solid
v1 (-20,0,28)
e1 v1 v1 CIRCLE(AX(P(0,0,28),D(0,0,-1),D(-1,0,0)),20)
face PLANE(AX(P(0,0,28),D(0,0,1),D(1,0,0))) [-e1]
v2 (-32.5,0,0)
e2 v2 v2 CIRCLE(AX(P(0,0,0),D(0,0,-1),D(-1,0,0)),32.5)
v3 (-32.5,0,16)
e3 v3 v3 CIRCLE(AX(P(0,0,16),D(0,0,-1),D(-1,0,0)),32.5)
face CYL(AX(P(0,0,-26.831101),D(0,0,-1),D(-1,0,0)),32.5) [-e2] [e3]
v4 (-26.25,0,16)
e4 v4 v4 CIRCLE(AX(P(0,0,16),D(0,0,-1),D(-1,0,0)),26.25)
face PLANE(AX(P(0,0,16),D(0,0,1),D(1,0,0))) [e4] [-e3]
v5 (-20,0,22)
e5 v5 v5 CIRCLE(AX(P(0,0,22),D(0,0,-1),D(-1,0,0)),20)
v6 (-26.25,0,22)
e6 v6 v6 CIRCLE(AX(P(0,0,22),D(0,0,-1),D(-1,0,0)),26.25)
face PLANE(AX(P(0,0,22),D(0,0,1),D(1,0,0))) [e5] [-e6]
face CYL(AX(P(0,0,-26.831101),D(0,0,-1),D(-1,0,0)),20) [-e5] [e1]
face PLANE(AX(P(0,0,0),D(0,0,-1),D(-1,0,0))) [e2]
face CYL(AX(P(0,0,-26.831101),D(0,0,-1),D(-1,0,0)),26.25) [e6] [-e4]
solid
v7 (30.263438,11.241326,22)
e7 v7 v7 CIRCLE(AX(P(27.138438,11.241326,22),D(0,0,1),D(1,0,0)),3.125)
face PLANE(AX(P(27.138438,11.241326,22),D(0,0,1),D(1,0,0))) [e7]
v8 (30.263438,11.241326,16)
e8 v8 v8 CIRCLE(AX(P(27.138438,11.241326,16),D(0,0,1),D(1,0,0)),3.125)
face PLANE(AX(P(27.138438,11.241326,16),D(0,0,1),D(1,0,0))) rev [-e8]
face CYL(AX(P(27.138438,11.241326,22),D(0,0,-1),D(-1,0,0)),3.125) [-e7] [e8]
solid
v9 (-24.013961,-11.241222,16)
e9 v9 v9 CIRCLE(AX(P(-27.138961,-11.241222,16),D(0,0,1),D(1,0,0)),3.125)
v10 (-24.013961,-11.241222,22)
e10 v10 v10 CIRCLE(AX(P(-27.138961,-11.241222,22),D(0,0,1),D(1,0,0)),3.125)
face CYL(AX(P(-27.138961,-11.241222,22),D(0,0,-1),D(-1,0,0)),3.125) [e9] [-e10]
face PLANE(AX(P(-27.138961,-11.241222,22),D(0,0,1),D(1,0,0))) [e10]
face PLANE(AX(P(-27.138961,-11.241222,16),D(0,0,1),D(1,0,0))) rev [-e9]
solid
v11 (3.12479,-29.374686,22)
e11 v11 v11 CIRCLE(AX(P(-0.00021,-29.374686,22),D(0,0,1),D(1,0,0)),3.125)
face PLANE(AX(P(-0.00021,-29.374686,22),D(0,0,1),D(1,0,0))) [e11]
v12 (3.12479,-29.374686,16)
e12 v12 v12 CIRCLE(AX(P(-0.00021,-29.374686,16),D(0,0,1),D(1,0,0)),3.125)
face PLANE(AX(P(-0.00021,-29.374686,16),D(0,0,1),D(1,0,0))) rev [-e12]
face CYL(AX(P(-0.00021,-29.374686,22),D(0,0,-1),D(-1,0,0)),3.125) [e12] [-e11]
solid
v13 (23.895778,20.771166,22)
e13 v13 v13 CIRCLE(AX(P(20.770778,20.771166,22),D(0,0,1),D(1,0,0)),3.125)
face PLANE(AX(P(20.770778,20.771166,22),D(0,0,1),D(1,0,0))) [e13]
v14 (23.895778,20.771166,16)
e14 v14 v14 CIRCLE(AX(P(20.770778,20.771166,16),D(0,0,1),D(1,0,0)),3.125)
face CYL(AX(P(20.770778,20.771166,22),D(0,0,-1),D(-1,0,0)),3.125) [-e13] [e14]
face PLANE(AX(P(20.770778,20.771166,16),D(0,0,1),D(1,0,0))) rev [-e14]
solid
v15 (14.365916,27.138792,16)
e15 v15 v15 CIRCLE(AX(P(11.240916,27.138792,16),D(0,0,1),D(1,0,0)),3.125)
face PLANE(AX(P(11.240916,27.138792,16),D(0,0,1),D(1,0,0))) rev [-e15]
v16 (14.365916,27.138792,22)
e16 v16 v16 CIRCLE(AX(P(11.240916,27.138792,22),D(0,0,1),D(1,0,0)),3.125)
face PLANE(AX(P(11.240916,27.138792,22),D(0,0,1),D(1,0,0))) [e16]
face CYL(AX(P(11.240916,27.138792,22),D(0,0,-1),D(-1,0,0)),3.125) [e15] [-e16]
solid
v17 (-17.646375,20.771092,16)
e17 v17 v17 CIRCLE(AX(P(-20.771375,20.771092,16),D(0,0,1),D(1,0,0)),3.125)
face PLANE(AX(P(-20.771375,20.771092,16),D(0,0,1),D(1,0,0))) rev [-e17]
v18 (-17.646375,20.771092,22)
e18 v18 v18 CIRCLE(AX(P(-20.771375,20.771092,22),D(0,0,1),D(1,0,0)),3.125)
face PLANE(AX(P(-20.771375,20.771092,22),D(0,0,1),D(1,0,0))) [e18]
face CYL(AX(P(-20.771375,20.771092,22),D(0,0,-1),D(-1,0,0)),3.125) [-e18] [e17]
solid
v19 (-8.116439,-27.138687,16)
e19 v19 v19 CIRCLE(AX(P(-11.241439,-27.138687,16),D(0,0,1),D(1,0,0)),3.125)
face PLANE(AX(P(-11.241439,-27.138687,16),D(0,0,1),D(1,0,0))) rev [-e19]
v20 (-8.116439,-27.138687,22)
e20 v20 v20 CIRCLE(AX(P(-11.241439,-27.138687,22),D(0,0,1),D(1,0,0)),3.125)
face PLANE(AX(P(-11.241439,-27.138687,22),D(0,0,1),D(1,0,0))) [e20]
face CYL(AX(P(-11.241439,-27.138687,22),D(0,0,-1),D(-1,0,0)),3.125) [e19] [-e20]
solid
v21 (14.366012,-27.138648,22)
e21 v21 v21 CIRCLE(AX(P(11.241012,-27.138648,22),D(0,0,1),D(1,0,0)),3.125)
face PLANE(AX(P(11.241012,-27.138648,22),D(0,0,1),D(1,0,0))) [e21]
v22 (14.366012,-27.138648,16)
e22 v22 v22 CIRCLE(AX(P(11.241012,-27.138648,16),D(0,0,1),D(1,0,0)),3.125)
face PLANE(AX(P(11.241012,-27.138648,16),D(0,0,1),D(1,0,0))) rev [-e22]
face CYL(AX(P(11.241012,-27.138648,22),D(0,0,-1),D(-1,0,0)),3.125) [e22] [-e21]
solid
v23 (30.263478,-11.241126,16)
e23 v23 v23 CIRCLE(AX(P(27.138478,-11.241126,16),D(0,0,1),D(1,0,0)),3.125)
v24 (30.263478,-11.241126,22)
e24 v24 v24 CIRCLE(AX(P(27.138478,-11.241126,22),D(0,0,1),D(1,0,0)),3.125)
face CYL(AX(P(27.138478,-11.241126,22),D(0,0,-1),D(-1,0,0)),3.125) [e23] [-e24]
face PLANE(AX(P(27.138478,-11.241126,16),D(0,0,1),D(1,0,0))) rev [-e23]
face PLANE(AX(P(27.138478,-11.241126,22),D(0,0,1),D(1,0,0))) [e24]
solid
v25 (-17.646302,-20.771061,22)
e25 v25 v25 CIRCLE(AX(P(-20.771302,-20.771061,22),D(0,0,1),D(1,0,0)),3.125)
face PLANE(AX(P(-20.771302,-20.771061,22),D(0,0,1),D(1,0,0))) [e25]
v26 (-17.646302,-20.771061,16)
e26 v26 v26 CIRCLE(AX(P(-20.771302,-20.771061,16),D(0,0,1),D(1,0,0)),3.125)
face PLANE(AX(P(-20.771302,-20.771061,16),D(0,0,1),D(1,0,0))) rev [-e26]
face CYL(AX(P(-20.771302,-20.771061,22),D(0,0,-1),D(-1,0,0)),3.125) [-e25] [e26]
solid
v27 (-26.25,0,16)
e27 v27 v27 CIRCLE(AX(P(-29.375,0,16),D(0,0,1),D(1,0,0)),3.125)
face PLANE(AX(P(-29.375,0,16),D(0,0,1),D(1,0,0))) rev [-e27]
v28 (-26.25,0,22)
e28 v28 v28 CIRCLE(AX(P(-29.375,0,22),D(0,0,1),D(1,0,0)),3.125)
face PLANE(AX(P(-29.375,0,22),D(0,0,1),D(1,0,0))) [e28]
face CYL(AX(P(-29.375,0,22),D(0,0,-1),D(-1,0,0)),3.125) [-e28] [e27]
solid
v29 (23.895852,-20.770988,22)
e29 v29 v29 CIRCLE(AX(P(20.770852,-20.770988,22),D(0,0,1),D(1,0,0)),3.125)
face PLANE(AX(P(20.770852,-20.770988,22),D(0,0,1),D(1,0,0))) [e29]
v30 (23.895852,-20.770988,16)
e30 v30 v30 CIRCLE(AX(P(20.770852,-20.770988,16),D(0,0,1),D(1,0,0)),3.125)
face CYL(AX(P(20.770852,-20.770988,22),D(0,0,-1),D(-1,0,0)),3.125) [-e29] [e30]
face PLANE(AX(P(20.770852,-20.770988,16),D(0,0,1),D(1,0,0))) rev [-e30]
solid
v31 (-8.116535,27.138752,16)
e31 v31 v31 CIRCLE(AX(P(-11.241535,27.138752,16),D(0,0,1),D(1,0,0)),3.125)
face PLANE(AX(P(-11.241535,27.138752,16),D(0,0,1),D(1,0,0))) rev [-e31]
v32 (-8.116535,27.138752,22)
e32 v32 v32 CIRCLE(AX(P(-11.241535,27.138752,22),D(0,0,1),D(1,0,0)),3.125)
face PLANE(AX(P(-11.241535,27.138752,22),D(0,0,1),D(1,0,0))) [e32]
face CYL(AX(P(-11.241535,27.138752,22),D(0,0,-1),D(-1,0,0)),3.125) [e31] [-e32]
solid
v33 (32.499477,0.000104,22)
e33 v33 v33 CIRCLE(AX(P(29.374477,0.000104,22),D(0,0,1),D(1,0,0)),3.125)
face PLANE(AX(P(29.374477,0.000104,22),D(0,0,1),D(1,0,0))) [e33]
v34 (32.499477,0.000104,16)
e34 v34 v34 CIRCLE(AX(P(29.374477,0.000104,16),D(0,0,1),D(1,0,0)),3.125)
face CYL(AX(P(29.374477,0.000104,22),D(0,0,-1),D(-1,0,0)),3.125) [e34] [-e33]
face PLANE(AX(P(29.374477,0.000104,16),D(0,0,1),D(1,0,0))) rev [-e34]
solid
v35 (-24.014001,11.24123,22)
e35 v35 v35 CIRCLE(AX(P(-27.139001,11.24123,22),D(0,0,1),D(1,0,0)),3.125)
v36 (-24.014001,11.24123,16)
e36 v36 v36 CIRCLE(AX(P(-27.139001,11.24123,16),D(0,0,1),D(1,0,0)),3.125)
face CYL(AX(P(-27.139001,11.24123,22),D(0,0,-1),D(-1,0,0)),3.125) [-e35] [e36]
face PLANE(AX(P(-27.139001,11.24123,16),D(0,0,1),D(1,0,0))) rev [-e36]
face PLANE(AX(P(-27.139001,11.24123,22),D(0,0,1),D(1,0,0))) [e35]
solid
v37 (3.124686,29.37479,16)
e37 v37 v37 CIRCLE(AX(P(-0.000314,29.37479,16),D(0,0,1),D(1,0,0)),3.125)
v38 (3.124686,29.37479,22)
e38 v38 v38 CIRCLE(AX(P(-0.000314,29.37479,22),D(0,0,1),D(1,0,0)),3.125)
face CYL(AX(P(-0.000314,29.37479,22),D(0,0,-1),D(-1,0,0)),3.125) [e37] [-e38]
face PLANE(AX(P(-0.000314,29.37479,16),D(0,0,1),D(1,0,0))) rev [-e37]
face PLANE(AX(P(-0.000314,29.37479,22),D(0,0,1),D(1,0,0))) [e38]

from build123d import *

# Parameters (mm, degrees)
SCHIZZO1_W                   = 20
SCHIZZO1_H                   = 6
SCHIZZO2_R                   = 3.125
AGGANCIWELDINGTORCH_DEPTH    = 6
AGGANCIWELDINGTORCH_2_DEPTH  = 6
AGGANCIWELDINGTORCH_3_DEPTH  = 6
AGGANCIWELDINGTORCH_4_DEPTH  = 6
AGGANCIWELDINGTORCH_5_DEPTH  = 6
AGGANCIWELDINGTORCH_6_DEPTH  = 6
AGGANCIWELDINGTORCH_7_DEPTH  = 6
AGGANCIWELDINGTORCH_8_DEPTH  = 6
AGGANCIWELDINGTORCH_9_DEPTH  = 6
AGGANCIWELDINGTORCH_10_DEPTH = 6
AGGANCIWELDINGTORCH_11_DEPTH = 6
AGGANCIWELDINGTORCH_12_DEPTH = 6
AGGANCIWELDINGTORCH_13_DEPTH = 6
AGGANCIWELDINGTORCH_14_DEPTH = 6
AGGANCIWELDINGTORCH_15_DEPTH = 6
AGGANCIWELDINGTORCH_16_DEPTH = 6


with BuildPart() as part:
    # Schizzo1 → Rivoluzione1 (revolve)
    with BuildSketch(Plane(origin=(0, 0, 0), x_dir=(1, 0, 0), z_dir=(0, 1, 0)), mode=Mode.PRIVATE) as rivoluzione1_sk:
        Polygon((32.5, 0), (0, 0), (0, -16), (26.25, -16), (32.5, -16), align=None)
        Polygon((26.25, -16), (0, -16), (0, -22), (20, -22), (26.25, -22), align=None)
        with Locations((10, -25)):
            Rectangle(SCHIZZO1_W, SCHIZZO1_H)
    revolve(rivoluzione1_sk.sketch.rotate(Axis((0, 0, -26.831100571), (0, 0, 1)), 180), axis=Axis((0, 0, -26.831100571), (0, 0, 1)))


with BuildPart() as body_2:
    # Schizzo2 → AgganciWeldingTorch (new body)
    with BuildSketch(Plane.XY.offset(16)):
        with Locations((-29.375, 0)):
            Circle(SCHIZZO2_R)
    extrude(amount=AGGANCIWELDINGTORCH_DEPTH)


with BuildPart() as body_3:
    # Schizzo2 → AgganciWeldingTorch 2 (new body)
    with BuildSketch(Plane.XY.offset(16)):
        with Locations((-27.139001091, 11.241229683)):
            Circle(SCHIZZO2_R)
    extrude(amount=AGGANCIWELDINGTORCH_2_DEPTH)


with BuildPart() as body_4:
    # Schizzo2 → AgganciWeldingTorch 3 (new body)
    with BuildSketch(Plane.XY.offset(16)):
        with Locations((-20.771375105, 20.77109197)):
            Circle(SCHIZZO2_R)
    extrude(amount=AGGANCIWELDINGTORCH_3_DEPTH)


with BuildPart() as body_5:
    # Schizzo2 → AgganciWeldingTorch 4 (new body)
    with BuildSketch(Plane.XY.offset(16)):
        with Locations((-11.241535377, 27.138751716)):
            Circle(SCHIZZO2_R)
    extrude(amount=AGGANCIWELDINGTORCH_4_DEPTH)


with BuildPart() as body_6:
    # Schizzo2 → AgganciWeldingTorch 5 (new body)
    with BuildSketch(Plane.XY.offset(16)):
        with Locations((-0.000313615, 29.374790448)):
            Circle(SCHIZZO2_R)
    extrude(amount=AGGANCIWELDINGTORCH_5_DEPTH)


with BuildPart() as body_7:
    # Schizzo2 → AgganciWeldingTorch 6 (new body)
    with BuildSketch(Plane.XY.offset(16)):
        with Locations((11.240916068, 27.138791539)):
            Circle(SCHIZZO2_R)
    extrude(amount=AGGANCIWELDINGTORCH_6_DEPTH)


with BuildPart() as body_8:
    # Schizzo2 → AgganciWeldingTorch 7 (new body)
    with BuildSketch(Plane.XY.offset(16)):
        with Locations((20.770778355, 20.771165554)):
            Circle(SCHIZZO2_R)
    extrude(amount=AGGANCIWELDINGTORCH_7_DEPTH)


with BuildPart() as body_9:
    # Schizzo2 → AgganciWeldingTorch 8 (new body)
    with BuildSketch(Plane.XY.offset(16)):
        with Locations((27.138438101, 11.241325825)):
            Circle(SCHIZZO2_R)
    extrude(amount=AGGANCIWELDINGTORCH_8_DEPTH)


with BuildPart() as body_10:
    # Schizzo2 → AgganciWeldingTorch 9 (new body)
    with BuildSketch(Plane.XY.offset(16)):
        with Locations((29.374476833, 0.000104063)):
            Circle(SCHIZZO2_R)
    extrude(amount=AGGANCIWELDINGTORCH_9_DEPTH)


with BuildPart() as body_11:
    # Schizzo2 → AgganciWeldingTorch 10 (new body)
    with BuildSketch(Plane.XY.offset(16)):
        with Locations((27.138477924, -11.241125619)):
            Circle(SCHIZZO2_R)
    extrude(amount=AGGANCIWELDINGTORCH_10_DEPTH)


with BuildPart() as body_12:
    # Schizzo2 → AgganciWeldingTorch 11 (new body)
    with BuildSketch(Plane.XY.offset(16)):
        with Locations((20.770851939, -20.770987906)):
            Circle(SCHIZZO2_R)
    extrude(amount=AGGANCIWELDINGTORCH_11_DEPTH)


with BuildPart() as body_13:
    # Schizzo2 → AgganciWeldingTorch 12 (new body)
    with BuildSketch(Plane.XY.offset(16)):
        with Locations((11.24101221, -27.138647653)):
            Circle(SCHIZZO2_R)
    extrude(amount=AGGANCIWELDINGTORCH_12_DEPTH)


with BuildPart() as body_14:
    # Schizzo2 → AgganciWeldingTorch 13 (new body)
    with BuildSketch(Plane.XY.offset(16)):
        with Locations((-0.000209552, -29.374686385)):
            Circle(SCHIZZO2_R)
    extrude(amount=AGGANCIWELDINGTORCH_13_DEPTH)


with BuildPart() as body_15:
    # Schizzo2 → AgganciWeldingTorch 14 (new body)
    with BuildSketch(Plane.XY.offset(16)):
        with Locations((-11.241439234, -27.138687476)):
            Circle(SCHIZZO2_R)
    extrude(amount=AGGANCIWELDINGTORCH_14_DEPTH)


with BuildPart() as body_16:
    # Schizzo2 → AgganciWeldingTorch 15 (new body)
    with BuildSketch(Plane.XY.offset(16)):
        with Locations((-20.771301521, -20.77106149)):
            Circle(SCHIZZO2_R)
    extrude(amount=AGGANCIWELDINGTORCH_15_DEPTH)


with BuildPart() as body_17:
    # Schizzo2 → AgganciWeldingTorch 16 (new body)
    with BuildSketch(Plane.XY.offset(16)):
        with Locations((-27.138961268, -11.241221761)):
            Circle(SCHIZZO2_R)
    extrude(amount=AGGANCIWELDINGTORCH_16_DEPTH)


solid = Compound([part.part, body_2.part, body_3.part, body_4.part, body_5.part, body_6.part, body_7.part, body_8.part, body_9.part, body_10.part, body_11.part, body_12.part, body_13.part, body_14.part, body_15.part, body_16.part, body_17.part])
